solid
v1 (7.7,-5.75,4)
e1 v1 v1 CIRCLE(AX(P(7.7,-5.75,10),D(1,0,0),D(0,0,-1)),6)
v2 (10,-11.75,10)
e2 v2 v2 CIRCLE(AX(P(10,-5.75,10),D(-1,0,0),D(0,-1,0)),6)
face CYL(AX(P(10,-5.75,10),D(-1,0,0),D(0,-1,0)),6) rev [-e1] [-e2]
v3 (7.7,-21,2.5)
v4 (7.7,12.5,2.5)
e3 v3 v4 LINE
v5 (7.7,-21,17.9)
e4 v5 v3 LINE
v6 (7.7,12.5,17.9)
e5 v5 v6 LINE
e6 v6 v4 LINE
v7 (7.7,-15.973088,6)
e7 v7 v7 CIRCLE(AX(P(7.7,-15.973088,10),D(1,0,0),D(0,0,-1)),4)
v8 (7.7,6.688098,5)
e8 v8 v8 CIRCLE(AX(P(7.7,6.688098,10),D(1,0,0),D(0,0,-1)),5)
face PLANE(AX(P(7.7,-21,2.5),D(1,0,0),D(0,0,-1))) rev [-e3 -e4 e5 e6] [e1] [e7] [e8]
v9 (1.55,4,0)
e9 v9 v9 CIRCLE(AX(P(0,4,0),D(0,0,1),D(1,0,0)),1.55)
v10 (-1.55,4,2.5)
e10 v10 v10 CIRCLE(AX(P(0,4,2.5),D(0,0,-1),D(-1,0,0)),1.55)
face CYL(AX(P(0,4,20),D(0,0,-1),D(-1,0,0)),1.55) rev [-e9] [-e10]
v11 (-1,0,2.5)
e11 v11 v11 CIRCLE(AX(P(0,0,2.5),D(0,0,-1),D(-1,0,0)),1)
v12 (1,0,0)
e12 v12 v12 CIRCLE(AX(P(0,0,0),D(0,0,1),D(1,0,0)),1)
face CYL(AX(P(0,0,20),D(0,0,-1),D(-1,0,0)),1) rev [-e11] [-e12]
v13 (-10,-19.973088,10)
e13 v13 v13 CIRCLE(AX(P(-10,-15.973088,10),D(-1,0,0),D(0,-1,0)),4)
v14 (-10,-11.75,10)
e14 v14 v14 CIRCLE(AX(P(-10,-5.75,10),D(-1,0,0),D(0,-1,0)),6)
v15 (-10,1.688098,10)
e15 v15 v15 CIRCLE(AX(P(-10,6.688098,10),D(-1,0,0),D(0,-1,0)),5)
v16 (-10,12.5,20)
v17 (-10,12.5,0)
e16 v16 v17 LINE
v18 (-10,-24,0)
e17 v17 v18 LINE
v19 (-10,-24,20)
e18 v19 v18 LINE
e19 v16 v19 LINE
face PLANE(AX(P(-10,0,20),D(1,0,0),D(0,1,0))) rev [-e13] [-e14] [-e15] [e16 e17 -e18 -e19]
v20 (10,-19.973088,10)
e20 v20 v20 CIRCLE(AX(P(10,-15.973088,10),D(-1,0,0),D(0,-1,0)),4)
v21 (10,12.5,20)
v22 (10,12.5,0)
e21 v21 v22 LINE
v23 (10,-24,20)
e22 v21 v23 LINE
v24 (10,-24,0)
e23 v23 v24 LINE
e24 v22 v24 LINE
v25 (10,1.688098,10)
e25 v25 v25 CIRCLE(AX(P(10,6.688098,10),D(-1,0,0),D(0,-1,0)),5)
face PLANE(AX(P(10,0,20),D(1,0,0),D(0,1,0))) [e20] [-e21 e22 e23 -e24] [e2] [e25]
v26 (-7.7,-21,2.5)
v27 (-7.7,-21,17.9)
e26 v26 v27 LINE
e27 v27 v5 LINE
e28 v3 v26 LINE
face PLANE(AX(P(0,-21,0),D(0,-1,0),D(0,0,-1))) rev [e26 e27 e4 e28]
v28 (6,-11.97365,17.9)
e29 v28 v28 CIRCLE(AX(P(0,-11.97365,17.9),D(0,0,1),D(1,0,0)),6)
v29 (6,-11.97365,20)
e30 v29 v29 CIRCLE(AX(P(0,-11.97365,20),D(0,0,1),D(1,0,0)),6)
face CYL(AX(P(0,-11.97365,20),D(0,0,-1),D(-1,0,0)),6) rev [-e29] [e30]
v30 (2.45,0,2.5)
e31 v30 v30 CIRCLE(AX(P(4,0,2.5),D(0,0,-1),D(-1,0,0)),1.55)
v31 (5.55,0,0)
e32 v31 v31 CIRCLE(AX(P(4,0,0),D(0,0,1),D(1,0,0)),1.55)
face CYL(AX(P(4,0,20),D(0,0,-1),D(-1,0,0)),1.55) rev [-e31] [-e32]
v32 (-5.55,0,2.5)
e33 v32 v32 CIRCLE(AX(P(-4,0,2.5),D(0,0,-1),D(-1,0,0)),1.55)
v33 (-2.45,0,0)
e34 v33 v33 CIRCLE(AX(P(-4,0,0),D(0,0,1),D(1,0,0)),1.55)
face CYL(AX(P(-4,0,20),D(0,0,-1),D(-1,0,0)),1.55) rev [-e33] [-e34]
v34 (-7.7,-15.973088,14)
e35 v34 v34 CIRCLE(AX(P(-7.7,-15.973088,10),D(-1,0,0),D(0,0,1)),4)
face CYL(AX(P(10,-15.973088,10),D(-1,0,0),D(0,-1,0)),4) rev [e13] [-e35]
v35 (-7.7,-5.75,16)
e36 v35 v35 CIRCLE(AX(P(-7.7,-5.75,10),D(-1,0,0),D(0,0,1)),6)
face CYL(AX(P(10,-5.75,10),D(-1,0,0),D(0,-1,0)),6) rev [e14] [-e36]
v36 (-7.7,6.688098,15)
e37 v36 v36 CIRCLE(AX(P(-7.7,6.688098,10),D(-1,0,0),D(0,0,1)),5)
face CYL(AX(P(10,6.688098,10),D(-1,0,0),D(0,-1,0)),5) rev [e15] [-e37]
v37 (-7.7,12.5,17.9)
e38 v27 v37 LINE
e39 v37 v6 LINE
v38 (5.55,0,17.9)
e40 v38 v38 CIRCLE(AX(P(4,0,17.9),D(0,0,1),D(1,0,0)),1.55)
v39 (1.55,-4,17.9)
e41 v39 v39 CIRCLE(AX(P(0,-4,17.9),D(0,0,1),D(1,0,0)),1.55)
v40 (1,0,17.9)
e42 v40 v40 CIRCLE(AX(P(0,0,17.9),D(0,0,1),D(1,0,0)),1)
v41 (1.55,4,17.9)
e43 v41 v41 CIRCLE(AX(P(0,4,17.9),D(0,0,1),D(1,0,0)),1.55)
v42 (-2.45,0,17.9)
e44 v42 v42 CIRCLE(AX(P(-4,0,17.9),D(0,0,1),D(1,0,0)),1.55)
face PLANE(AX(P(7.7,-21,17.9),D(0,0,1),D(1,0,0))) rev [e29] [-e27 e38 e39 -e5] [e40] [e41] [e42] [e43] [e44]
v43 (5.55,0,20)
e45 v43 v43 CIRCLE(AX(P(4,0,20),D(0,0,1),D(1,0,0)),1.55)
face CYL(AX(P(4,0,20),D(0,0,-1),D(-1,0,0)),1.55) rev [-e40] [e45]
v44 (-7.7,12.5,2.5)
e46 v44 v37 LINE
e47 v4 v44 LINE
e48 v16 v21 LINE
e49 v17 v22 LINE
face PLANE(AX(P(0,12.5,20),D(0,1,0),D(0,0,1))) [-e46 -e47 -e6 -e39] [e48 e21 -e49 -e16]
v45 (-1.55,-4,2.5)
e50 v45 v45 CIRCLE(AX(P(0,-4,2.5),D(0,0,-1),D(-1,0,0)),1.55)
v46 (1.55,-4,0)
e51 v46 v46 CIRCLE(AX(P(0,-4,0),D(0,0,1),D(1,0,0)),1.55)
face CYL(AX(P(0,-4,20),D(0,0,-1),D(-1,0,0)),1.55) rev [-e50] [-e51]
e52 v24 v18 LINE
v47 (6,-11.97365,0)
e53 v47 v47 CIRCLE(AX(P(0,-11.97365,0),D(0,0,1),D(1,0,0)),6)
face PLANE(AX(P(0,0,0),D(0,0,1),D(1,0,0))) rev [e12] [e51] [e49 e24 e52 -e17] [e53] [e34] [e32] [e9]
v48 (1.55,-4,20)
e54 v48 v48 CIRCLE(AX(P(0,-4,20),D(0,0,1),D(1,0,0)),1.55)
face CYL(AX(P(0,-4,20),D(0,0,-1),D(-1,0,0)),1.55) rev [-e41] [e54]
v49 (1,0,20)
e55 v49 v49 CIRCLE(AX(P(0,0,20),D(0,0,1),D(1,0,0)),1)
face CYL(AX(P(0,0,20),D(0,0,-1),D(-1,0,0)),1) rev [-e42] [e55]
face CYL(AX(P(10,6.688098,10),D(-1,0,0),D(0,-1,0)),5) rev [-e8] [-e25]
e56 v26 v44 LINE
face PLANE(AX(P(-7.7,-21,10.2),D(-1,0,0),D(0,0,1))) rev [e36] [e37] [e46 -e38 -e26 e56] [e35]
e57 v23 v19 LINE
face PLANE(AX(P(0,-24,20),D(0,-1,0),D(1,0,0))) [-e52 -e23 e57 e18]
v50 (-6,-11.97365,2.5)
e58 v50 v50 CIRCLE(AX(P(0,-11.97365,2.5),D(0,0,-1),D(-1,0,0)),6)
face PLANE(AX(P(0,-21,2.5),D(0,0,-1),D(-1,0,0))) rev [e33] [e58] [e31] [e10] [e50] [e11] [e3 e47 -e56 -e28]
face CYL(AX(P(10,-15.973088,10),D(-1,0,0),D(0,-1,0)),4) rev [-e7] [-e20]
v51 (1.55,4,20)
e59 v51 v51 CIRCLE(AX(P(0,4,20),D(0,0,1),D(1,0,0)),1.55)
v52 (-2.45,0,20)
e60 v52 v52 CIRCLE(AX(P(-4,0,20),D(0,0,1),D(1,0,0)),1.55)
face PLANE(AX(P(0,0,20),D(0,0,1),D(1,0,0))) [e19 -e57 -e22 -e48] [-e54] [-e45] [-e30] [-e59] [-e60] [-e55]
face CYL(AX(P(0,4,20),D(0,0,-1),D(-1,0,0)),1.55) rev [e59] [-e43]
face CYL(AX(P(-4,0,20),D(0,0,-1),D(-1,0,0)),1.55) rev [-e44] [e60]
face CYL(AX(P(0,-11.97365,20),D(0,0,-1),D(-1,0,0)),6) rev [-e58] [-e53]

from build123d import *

# Parameters (mm, degrees)
SKETCH_1_R          = 1
SKETCH_1_R_2        = 1.55
SKETCH_1_R_3        = 6
EXTRUDE_1_DEPTH     = 20
CUT_EXTRUDE_1_DEPTH = 33.5
CUT_EXTRUDE_2_DEPTH = 21


with BuildPart() as part:
    # 草图1 → 凸台-拉伸1 (new body)
    with BuildSketch(Plane.XY):
        Polygon((10, 0), (10, 12.5), (0, 12.5), (-10, 12.5), (-10, -24), (10, -24), align=None)
        Circle(SKETCH_1_R, mode=Mode.SUBTRACT)
        with Locations((0, 4)):
            Circle(SKETCH_1_R_2, mode=Mode.SUBTRACT)
        with Locations((4, 0)):
            Circle(SKETCH_1_R_2, mode=Mode.SUBTRACT)
        with Locations((0, -4)):
            Circle(SKETCH_1_R_2, mode=Mode.SUBTRACT)
        with Locations((-4, 0)):
            Circle(SKETCH_1_R_2, mode=Mode.SUBTRACT)
        with Locations((0, -11.97364961)):
            Circle(SKETCH_1_R_3, mode=Mode.SUBTRACT)
    extrude(amount=EXTRUDE_1_DEPTH)

    # 草图2 → 切除-拉伸1 (cut)
    with BuildSketch(Plane(origin=(0, 12.5, 0), x_dir=(1, 0, 0), z_dir=(0, 1, 0))):
        Polygon((-7.7, -10.2), (-7.7, -2.5), (0, -2.5), (7.7, -2.5), (7.7, -17.9), (0, -17.9), (-7.7, -17.9), align=None)
    extrude(amount=-CUT_EXTRUDE_1_DEPTH, mode=Mode.SUBTRACT)

    # 草图3 → 切除-拉伸2 (cut, through all)
    with BuildSketch(Plane.ZY.offset(10)):
        with BuildLine():
            ThreePointArc((16, -5.75), (14.242640687, -1.507359313), (10, 0.25))
            Line((10, 0.25), (10, -11.75))
            ThreePointArc((10, -11.75), (14.242640687, -9.992640687), (16, -5.75))
        make_face()
        with BuildLine():
            Line((10, -11.75), (10, 0.25))
            ThreePointArc((10, 0.25), (4, -5.75), (10, -11.75))
        make_face()
        with BuildLine():
            ThreePointArc((15, 6.688097559), (13.535533906, 10.223631465), (10, 11.688097559))
            Line((10, 11.688097559), (10, 1.688097559))
            ThreePointArc((10, 1.688097559), (13.535533906, 3.152563653), (15, 6.688097559))
        make_face()
        with BuildLine():
            Line((10, 1.688097559), (10, 11.688097559))
            ThreePointArc((10, 11.688097559), (5, 6.688097559), (10, 1.688097559))
        make_face()
        with BuildLine():
            ThreePointArc((14, -15.973088327), (12.828427125, -13.144661202), (10, -11.973088327))
            Line((10, -11.973088327), (10, -19.973088327))
            ThreePointArc((10, -19.973088327), (12.828427125, -18.801515451), (14, -15.973088327))
        make_face()
        with BuildLine():
            Line((10, -19.973088327), (10, -11.973088327))
            ThreePointArc((10, -11.973088327), (6, -15.973088327), (10, -19.973088327))
        make_face()
    extrude(amount=-CUT_EXTRUDE_2_DEPTH, mode=Mode.SUBTRACT)


solid = part.part
